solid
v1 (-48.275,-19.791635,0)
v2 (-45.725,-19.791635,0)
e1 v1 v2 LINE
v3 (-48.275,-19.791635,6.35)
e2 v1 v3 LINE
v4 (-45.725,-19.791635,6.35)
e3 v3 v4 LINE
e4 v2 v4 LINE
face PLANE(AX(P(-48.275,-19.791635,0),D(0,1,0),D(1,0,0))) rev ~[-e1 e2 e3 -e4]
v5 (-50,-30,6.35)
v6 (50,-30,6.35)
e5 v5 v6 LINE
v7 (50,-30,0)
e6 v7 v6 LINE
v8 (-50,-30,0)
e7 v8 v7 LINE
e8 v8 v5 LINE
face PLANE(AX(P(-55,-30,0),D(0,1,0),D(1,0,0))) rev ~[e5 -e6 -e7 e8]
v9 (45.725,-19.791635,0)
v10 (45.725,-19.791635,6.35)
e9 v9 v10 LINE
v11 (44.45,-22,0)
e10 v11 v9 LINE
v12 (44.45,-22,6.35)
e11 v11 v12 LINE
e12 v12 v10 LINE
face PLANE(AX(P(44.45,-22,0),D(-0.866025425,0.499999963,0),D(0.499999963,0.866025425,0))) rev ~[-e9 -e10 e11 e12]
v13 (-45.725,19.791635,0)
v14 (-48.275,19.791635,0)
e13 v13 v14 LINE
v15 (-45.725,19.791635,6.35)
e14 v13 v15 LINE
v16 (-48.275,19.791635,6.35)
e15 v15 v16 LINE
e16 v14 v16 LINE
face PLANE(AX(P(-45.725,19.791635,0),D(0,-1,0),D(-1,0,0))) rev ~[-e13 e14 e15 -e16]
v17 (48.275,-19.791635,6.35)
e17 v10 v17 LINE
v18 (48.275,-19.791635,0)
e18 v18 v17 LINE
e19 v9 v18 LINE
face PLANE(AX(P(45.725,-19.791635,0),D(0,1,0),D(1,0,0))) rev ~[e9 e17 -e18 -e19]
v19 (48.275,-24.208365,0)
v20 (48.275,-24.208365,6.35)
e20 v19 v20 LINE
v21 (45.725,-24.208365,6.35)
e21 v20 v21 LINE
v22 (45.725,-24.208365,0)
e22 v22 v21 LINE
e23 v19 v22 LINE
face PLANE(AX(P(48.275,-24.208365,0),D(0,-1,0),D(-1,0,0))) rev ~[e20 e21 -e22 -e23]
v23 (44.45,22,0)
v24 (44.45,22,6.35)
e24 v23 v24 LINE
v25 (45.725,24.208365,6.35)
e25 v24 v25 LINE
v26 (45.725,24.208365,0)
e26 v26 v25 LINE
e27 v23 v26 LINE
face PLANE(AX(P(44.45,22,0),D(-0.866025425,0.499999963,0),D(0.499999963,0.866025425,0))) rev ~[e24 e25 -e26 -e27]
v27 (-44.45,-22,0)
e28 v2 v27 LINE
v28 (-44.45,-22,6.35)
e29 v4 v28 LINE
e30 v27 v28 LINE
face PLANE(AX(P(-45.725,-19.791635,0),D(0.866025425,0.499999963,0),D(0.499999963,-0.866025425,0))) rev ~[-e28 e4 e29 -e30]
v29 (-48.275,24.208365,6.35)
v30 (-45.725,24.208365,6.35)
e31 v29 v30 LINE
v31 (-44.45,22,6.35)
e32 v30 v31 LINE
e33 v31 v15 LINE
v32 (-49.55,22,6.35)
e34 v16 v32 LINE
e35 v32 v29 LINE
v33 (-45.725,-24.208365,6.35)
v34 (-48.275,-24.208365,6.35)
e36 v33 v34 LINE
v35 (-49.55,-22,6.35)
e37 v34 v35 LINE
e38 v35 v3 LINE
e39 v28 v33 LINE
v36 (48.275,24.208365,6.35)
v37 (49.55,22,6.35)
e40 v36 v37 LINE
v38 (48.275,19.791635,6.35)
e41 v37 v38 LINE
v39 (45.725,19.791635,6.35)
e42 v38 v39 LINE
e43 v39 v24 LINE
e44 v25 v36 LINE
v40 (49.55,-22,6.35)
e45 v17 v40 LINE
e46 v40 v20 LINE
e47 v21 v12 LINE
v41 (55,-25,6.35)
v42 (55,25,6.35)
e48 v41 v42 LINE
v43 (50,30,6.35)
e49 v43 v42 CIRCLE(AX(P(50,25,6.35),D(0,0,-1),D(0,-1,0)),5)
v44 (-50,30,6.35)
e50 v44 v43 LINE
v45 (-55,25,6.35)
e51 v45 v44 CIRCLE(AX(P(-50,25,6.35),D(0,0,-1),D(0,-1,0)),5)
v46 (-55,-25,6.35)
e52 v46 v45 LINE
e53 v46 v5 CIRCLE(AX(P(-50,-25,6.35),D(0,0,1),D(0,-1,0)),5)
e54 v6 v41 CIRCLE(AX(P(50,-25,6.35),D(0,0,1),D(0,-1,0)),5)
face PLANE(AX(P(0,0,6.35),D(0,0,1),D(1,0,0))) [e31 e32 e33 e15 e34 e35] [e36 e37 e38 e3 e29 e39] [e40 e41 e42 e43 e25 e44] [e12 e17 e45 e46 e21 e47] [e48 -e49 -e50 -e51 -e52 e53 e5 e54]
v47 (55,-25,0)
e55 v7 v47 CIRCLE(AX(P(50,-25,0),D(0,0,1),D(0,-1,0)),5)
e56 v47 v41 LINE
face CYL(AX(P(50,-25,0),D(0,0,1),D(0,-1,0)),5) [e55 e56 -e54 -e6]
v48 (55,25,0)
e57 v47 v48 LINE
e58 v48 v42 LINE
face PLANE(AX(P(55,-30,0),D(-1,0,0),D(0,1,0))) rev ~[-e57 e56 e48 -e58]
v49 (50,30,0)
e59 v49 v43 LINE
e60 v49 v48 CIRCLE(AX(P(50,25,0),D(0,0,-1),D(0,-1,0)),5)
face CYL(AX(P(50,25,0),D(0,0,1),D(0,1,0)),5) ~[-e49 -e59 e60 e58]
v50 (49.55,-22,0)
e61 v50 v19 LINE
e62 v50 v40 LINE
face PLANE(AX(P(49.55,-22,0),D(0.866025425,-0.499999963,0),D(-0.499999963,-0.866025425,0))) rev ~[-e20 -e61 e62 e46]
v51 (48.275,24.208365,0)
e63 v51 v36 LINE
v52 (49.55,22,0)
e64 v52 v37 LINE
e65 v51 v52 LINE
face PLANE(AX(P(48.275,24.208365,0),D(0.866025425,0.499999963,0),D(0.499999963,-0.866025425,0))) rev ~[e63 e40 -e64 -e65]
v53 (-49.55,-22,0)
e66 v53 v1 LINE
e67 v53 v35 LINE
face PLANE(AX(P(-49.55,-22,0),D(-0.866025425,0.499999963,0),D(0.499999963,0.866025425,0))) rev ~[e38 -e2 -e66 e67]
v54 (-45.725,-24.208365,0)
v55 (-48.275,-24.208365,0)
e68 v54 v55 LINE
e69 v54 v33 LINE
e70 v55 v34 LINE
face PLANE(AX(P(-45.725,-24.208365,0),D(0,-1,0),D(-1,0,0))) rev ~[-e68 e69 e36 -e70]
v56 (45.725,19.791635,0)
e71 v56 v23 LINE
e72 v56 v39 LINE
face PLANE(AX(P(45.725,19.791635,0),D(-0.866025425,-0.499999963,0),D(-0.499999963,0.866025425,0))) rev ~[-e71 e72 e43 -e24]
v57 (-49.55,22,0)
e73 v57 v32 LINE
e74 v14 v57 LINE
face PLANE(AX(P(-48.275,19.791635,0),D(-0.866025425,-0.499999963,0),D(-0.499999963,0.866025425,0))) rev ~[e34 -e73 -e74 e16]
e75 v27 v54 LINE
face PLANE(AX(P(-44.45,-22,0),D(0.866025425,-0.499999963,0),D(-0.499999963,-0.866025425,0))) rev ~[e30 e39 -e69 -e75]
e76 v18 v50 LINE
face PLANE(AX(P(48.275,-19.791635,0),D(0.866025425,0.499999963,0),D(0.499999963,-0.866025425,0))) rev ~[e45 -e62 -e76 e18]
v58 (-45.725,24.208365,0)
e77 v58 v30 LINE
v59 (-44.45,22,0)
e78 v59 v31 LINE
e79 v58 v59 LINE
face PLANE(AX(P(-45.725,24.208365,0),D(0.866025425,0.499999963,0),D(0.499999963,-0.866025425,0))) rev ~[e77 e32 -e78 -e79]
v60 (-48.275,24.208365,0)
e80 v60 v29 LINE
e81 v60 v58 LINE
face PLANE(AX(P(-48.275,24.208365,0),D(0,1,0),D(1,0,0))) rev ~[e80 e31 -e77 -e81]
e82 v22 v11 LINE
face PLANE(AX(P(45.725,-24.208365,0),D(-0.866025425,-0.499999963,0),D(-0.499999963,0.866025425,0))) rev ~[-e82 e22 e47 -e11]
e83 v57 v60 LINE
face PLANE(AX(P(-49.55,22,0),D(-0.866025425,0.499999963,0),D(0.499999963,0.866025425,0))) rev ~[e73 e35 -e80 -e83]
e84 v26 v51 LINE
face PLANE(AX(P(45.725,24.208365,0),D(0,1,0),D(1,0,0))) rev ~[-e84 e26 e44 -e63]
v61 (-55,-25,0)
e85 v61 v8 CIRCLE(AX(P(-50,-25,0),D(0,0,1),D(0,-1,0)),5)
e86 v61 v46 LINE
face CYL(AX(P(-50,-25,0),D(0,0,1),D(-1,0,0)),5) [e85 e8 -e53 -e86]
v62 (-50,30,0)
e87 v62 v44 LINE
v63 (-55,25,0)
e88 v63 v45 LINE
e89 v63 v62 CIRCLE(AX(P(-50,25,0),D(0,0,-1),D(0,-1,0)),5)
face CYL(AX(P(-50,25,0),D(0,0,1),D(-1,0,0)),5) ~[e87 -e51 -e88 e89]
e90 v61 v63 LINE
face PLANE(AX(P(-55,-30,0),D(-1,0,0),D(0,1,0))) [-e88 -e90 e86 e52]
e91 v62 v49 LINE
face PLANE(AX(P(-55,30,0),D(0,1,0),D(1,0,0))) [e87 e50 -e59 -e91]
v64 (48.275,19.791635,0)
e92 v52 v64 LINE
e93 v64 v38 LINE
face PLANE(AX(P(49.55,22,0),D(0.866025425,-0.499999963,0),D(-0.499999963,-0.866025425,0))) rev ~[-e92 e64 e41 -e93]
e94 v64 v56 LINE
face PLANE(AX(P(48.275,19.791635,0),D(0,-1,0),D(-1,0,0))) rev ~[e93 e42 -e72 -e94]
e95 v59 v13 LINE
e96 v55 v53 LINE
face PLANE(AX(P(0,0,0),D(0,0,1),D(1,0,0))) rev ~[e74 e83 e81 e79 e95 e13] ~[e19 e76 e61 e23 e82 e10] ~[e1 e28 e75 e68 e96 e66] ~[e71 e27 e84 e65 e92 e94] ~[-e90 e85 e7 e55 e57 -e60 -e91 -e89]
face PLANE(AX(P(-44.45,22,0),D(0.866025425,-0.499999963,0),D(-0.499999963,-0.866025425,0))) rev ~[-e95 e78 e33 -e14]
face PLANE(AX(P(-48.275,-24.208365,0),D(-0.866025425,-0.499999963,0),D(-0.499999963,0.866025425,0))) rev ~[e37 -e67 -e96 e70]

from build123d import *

# Parameters (mm, degrees)
F0_W     = 110
F0_H     = 60
F1_DEPTH = 6.35
F2_R     = 5


with BuildPart() as f1:
    # F0 (on Top) → F1 (new body)
    with BuildSketch(Plane.XY):
        Rectangle(F0_W, F0_H)
        Polygon((-45.725, -19.791635), (-44.45, -22), (-45.725, -24.208365), (-48.275, -24.208365), (-49.55, -22), (-48.275, -19.791635), align=None, mode=Mode.SUBTRACT)
        Polygon((45.725, -24.208365), (44.45, -22), (45.725, -19.791635), (48.275, -19.791635), (49.55, -22), (48.275, -24.208365), align=None, mode=Mode.SUBTRACT)
        Polygon((-45.725, 24.208365), (-44.45, 22), (-45.725, 19.791635), (-48.275, 19.791635), (-49.55, 22), (-48.275, 24.208365), align=None, mode=Mode.SUBTRACT)
        Polygon((45.725, 19.791635), (44.45, 22), (45.725, 24.208365), (48.275, 24.208365), (49.55, 22), (48.275, 19.791635), align=None, mode=Mode.SUBTRACT)
    extrude(amount=F1_DEPTH)

    # F2
    f2_edges = [f1.edges().sort_by_distance(p)[0] for p in [
        (-55, 30, 3.175),
        (-55, -30, 3.175),
        (55, 30, 3.175),
        (55, -30, 3.175),
    ]]
    fillet(f2_edges, radius=F2_R)


solid = f1.part
